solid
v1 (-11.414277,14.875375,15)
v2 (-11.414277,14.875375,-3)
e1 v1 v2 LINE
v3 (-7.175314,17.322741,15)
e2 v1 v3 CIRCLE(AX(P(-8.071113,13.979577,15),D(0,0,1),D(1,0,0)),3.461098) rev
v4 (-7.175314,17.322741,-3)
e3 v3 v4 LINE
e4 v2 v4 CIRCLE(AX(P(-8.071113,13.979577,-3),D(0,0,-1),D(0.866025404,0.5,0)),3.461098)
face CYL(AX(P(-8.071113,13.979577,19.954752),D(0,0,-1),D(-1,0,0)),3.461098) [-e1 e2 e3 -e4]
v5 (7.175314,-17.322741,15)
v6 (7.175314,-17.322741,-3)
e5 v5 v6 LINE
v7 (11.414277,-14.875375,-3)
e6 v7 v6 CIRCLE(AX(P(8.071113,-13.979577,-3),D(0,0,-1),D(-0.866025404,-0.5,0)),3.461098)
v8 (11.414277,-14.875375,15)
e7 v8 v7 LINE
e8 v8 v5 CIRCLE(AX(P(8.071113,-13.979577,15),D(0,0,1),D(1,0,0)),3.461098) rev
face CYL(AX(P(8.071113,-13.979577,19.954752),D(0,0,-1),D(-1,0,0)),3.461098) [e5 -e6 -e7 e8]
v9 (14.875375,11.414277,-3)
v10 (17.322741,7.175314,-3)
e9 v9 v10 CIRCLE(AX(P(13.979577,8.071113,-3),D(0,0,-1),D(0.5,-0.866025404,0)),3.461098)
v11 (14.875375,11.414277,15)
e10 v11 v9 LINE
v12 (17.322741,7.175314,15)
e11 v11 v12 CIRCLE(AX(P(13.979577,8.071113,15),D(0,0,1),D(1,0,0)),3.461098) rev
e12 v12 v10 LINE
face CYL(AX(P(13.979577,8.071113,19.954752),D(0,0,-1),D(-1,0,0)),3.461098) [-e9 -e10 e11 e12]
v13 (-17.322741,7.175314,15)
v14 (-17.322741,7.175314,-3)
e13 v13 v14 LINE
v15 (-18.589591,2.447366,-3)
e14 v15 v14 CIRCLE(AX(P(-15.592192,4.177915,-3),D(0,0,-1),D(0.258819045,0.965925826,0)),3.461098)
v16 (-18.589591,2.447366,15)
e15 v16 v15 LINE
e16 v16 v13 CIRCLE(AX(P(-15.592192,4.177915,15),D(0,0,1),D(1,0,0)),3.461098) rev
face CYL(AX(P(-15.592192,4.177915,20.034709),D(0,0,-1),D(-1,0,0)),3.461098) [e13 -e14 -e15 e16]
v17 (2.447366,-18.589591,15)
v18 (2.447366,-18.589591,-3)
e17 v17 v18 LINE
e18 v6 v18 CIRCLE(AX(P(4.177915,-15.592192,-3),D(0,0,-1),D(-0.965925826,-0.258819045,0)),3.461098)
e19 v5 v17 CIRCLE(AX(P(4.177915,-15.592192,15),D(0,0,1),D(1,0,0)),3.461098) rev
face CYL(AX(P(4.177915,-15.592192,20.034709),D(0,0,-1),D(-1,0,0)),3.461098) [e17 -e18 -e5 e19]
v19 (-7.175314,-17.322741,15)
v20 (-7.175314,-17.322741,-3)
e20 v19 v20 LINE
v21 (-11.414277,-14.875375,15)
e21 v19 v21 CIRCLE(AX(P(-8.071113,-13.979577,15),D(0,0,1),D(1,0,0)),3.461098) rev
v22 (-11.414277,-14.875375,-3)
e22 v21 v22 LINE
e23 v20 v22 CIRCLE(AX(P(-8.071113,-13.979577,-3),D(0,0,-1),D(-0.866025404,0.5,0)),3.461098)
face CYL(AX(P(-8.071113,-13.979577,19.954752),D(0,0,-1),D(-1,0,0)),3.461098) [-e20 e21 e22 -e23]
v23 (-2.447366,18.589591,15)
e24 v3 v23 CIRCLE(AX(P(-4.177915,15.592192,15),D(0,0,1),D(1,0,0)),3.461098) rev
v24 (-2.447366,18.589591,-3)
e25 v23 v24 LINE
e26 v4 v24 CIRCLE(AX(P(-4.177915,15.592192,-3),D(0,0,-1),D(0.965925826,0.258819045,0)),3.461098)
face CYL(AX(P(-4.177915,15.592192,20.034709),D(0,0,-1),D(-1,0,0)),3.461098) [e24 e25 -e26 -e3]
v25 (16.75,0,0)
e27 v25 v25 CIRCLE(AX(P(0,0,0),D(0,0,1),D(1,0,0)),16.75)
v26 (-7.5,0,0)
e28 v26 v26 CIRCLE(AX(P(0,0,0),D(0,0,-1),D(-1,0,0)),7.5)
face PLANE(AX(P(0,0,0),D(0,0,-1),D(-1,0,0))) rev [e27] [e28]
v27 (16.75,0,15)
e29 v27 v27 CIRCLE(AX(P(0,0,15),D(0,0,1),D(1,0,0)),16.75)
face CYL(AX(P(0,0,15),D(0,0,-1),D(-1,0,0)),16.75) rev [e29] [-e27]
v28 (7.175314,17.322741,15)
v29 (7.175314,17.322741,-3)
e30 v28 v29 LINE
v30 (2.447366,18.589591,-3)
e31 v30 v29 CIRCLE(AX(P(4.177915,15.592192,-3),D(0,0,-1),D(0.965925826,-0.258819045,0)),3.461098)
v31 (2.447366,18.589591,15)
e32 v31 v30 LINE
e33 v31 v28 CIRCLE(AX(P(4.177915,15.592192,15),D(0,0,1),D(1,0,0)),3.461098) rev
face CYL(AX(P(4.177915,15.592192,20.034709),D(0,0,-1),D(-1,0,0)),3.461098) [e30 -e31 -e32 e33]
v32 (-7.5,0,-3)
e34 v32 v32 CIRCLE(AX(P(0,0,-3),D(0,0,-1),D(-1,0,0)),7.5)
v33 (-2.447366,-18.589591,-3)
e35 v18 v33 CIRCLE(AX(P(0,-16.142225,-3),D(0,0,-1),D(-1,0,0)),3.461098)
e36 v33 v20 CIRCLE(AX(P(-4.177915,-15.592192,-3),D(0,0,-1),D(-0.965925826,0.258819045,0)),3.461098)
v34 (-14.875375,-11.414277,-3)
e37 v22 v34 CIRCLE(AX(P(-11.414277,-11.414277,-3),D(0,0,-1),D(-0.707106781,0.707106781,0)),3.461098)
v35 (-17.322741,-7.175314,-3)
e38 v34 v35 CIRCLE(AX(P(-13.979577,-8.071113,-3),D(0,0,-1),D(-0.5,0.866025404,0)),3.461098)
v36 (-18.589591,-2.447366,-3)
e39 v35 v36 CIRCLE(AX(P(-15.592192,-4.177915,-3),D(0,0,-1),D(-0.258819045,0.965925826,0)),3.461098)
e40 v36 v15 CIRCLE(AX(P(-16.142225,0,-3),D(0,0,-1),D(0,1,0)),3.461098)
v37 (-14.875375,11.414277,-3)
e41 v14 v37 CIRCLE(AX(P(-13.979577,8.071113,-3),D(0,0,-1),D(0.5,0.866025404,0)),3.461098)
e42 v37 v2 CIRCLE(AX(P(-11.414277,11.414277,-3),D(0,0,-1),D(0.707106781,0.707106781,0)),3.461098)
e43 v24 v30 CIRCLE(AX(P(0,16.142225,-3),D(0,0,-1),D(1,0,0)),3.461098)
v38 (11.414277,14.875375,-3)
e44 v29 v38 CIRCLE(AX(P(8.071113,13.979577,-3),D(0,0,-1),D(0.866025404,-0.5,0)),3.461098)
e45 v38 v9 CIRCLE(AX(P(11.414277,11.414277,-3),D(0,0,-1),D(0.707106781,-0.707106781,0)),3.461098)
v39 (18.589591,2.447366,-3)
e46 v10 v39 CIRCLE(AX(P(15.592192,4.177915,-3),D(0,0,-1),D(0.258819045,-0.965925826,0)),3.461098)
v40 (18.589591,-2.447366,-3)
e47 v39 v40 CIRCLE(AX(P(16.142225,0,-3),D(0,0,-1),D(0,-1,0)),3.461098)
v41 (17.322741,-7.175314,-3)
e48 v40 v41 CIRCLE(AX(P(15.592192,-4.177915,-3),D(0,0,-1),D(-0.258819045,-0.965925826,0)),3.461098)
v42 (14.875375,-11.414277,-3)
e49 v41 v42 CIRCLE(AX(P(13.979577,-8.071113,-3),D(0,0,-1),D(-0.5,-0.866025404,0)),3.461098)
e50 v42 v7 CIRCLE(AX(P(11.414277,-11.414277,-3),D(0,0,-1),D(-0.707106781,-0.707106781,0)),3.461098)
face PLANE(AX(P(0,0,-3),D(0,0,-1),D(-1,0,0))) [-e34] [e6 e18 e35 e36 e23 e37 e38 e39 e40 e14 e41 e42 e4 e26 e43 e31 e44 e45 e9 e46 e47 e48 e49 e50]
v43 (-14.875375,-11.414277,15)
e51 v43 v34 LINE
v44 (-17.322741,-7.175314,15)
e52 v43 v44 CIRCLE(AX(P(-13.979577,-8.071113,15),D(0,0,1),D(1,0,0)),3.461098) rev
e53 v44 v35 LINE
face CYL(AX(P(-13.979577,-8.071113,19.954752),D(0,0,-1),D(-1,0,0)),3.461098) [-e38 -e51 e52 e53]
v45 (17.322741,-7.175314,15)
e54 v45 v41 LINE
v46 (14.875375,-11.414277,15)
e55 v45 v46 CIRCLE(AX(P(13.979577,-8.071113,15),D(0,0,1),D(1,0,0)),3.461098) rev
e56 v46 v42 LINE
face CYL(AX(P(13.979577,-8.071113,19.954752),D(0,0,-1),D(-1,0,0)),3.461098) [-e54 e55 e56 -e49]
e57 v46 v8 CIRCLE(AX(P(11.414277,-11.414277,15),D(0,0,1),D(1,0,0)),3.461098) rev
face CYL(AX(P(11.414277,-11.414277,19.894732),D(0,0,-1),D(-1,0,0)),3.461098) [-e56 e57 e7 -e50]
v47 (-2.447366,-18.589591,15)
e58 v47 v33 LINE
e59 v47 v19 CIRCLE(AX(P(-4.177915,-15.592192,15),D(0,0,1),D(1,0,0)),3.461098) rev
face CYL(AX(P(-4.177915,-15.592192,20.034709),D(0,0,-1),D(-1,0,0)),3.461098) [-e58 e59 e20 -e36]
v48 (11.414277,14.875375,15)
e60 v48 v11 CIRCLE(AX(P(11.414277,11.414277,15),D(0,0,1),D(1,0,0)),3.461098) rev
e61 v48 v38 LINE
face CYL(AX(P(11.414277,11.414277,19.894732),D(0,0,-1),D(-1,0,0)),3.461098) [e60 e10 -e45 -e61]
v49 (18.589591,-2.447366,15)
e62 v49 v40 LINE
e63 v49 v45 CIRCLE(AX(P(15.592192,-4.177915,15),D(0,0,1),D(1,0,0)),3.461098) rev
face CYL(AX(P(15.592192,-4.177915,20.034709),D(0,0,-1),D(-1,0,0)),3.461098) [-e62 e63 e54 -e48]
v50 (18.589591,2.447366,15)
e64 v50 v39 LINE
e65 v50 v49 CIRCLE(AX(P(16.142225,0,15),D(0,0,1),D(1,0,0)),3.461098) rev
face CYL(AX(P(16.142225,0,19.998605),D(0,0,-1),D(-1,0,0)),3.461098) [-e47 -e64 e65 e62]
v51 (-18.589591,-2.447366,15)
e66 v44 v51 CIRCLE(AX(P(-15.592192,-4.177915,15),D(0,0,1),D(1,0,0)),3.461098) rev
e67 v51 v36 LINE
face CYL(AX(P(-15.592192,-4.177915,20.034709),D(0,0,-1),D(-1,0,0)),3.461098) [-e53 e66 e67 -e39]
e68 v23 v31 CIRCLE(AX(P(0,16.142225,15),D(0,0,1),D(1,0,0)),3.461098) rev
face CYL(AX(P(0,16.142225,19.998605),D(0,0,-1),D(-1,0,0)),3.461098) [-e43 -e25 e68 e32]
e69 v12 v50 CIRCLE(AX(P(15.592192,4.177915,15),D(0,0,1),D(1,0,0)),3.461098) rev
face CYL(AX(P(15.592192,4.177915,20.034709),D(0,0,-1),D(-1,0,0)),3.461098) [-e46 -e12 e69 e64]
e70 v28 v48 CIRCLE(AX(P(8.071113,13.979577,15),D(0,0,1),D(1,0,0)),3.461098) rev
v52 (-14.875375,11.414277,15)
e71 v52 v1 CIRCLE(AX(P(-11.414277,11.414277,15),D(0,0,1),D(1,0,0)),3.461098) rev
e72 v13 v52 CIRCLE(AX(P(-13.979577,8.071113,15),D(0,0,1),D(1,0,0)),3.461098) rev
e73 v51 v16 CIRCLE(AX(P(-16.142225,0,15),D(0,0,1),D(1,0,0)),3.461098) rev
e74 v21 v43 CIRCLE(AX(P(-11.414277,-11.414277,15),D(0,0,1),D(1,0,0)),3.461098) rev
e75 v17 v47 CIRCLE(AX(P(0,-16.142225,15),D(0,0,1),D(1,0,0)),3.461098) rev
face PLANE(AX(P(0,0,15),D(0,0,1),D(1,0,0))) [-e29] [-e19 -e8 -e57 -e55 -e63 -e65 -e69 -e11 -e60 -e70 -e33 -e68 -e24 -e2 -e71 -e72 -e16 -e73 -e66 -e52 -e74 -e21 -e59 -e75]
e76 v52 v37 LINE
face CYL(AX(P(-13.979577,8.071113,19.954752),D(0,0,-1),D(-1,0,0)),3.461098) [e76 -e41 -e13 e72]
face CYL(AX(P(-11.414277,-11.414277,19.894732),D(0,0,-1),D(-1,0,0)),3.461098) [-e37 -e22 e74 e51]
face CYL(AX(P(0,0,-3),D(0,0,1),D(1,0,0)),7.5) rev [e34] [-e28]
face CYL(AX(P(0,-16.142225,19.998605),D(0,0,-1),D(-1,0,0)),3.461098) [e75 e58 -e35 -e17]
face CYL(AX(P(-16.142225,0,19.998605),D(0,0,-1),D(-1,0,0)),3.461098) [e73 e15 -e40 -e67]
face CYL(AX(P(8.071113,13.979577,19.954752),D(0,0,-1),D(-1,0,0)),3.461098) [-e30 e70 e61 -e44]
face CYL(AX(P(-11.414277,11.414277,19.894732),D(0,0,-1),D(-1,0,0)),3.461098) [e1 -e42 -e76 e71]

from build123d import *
from build123d.topology import SkipClean

# Parameters (mm, degrees)
SKETCH1_R           = 18.75
SKETCH1_R_2         = 16.75
BOSS_EXTRUDE1_DEPTH = 15
BOSS_EXTRUDE2_START = 3
SKETCH3_R           = 18.75
SKETCH3_R_2         = 7.5
BOSS_EXTRUDE2_DEPTH = 3
BOSS_EXTRUDE3_DEPTH = 18
CIRPATTERN1_COUNT   = 24


with BuildPart() as part:
    # Sketch1 → Boss-Extrude1 (new body)
    with BuildSketch(Plane.XY):
        Circle(SKETCH1_R)
        Circle(SKETCH1_R_2, mode=Mode.SUBTRACT)
    extrude(amount=BOSS_EXTRUDE1_DEPTH)

    # Sketch3 → Boss-Extrude2 (add)
    with BuildSketch(Plane(origin=(0, 0, 0), x_dir=(-1, 0, 0), z_dir=(0, 0, -1)).offset(BOSS_EXTRUDE2_START)):
        Circle(SKETCH3_R)
        Circle(SKETCH3_R_2, mode=Mode.SUBTRACT)
    extrude(amount=-BOSS_EXTRUDE2_DEPTH)

    # Sketch4 → Boss-Extrude3 (add)
    with SkipClean():  # the faces are left unmerged after this step: merging them gives an invalid solid
        with BuildSketch(Plane(origin=(0, 0, -3), x_dir=(-1, 0, 0), z_dir=(0, 0, -1))):
            with BuildLine():
                ThreePointArc((-2.447366104, 18.589591151), (0, 19.603323383), (2.447366104, 18.589591151))
                ThreePointArc((2.447366104, 18.589591151), (0, 18.75), (-2.447366104, 18.589591151))
            make_face()
        boss_extrude3 = extrude(amount=-BOSS_EXTRUDE3_DEPTH)

    # CirPattern1: Boss-Extrude3 ×24 about axis
    with SkipClean():  # the faces are left unmerged after this step: merging them gives an invalid solid
        cirpattern1_axis = Axis((0, 0, 0), (0, 0, 1))
        for i in range(1, CIRPATTERN1_COUNT):
            add(boss_extrude3.rotate(cirpattern1_axis, i * 360 / CIRPATTERN1_COUNT))


solid = part.part
